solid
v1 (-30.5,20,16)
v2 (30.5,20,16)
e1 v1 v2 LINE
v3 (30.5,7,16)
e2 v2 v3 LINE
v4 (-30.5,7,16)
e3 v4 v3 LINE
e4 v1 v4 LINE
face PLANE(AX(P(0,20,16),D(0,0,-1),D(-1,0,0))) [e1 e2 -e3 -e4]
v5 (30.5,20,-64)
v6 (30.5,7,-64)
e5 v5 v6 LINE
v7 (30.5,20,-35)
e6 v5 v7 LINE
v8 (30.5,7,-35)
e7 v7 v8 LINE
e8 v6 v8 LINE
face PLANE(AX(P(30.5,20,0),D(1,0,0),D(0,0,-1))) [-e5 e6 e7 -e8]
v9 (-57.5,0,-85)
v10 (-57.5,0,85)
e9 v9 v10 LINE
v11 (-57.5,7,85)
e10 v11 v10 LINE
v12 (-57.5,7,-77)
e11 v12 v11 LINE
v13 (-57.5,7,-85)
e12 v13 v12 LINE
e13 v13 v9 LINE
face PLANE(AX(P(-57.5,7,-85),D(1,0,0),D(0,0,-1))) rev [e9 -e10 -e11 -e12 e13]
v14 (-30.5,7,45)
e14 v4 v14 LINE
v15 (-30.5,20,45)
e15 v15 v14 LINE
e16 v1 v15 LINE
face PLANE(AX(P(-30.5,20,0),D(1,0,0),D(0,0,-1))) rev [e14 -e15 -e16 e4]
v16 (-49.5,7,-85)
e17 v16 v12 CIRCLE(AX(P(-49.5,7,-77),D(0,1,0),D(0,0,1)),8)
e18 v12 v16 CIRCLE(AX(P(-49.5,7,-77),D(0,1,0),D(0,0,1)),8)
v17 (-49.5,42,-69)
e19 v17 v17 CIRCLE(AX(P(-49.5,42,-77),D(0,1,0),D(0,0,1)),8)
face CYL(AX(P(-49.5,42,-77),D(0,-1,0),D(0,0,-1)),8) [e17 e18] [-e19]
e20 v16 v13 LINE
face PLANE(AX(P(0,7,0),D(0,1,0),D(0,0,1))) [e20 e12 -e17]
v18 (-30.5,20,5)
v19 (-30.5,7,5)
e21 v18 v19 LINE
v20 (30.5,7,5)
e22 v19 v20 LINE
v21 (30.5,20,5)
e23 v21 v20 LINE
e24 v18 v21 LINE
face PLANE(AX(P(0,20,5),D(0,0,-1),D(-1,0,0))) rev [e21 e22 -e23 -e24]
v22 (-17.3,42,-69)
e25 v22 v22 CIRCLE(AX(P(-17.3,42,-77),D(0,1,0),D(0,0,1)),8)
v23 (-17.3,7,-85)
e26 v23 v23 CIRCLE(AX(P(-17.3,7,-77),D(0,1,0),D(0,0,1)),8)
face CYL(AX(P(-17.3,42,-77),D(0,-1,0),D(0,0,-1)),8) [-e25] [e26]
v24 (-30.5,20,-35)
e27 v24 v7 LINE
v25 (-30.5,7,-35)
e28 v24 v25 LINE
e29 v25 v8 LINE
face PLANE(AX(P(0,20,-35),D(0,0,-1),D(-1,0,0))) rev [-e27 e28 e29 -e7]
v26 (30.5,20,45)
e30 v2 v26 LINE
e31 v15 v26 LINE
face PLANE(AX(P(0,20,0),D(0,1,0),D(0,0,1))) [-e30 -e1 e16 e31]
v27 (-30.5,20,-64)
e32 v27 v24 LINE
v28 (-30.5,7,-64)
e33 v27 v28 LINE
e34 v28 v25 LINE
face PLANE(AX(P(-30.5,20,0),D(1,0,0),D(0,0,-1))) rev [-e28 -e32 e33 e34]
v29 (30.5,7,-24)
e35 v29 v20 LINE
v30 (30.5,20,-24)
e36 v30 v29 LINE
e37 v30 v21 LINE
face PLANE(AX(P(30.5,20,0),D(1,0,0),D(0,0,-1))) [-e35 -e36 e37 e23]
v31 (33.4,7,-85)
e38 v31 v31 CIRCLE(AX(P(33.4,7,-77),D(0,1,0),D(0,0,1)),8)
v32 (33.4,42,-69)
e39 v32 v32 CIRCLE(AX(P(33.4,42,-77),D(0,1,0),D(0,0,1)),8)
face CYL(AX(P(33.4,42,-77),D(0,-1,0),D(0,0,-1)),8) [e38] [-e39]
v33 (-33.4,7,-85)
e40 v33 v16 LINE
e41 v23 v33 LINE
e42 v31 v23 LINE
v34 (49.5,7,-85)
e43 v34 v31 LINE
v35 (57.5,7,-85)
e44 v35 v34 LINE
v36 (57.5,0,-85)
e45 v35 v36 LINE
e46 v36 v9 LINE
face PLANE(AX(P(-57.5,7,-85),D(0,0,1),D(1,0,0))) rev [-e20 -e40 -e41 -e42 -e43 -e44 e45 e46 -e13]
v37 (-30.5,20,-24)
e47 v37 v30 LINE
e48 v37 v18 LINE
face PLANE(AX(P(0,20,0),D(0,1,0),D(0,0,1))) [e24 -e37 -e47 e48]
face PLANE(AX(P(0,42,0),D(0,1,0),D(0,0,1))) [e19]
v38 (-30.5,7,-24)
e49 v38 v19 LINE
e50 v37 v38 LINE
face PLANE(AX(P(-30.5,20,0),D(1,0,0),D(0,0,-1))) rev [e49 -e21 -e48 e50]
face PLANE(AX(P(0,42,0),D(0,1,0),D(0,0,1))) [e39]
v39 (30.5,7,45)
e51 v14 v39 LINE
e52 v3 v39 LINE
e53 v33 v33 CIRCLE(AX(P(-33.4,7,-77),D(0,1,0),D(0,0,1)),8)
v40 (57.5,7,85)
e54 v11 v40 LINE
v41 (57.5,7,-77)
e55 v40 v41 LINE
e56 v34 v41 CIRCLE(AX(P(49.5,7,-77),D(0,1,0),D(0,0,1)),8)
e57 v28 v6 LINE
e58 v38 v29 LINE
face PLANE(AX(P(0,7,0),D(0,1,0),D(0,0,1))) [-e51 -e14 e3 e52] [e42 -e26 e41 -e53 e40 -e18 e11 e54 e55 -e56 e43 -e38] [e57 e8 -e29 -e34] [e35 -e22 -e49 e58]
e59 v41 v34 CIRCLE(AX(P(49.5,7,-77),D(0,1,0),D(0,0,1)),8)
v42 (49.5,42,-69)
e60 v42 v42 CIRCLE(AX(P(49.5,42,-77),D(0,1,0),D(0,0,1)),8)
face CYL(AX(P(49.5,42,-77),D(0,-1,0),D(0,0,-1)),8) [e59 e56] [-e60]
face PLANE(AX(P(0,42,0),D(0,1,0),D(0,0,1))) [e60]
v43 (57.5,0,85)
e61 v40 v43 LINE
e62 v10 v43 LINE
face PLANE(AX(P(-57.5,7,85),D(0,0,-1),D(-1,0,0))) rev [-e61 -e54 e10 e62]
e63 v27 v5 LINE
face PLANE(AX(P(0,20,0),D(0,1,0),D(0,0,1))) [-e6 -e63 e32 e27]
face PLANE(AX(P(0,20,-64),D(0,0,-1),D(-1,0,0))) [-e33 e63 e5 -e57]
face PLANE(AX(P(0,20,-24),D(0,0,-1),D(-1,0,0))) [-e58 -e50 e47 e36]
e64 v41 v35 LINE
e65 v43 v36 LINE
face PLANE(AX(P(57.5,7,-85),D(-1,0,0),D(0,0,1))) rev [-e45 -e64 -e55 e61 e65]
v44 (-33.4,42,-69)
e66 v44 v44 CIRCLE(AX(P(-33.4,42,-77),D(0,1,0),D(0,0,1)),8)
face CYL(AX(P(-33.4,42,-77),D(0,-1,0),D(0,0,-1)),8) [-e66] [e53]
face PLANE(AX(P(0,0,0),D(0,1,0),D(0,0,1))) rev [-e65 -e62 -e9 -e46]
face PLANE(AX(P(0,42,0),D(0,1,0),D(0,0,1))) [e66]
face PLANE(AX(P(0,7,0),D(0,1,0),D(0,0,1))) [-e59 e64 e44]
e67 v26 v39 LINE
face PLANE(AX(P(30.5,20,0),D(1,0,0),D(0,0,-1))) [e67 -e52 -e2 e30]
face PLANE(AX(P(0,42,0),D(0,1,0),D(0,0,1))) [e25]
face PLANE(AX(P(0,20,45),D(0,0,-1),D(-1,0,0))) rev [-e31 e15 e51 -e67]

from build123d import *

# Parameters (mm, degrees)
SKETCH1_W           = 115
SKETCH1_H           = 170
BOSS_EXTRUDE1_DEPTH = 7
SKETCH2_W           = 61
SKETCH2_H           = 29
BOSS_EXTRUDE6_DEPTH = 13
SKETCH2_6_R         = 8
BOSS_EXTRUDE9_DEPTH = 35


with BuildPart() as part:
    # Sketch1 → Boss-Extrude1 (new body)
    with BuildSketch(Plane(origin=(0, 0, 0), x_dir=(1, 0, 0), z_dir=(0, 1, 0))):
        Rectangle(SKETCH1_W, SKETCH1_H)
    extrude(amount=BOSS_EXTRUDE1_DEPTH)

    # Sketch2 → Boss-Extrude6 (add)
    with BuildSketch(Plane(origin=(0, 7, 0), x_dir=(1, 0, 0), z_dir=(0, 1, 0))):
        with Locations((0, 49.5)):
            Rectangle(SKETCH2_W, SKETCH2_H)
        with Locations((0, -30.5)):
            Rectangle(SKETCH2_W, SKETCH2_H)
        with Locations((0, 9.5)):
            Rectangle(SKETCH2_W, SKETCH2_H)
    extrude(amount=BOSS_EXTRUDE6_DEPTH)

    # Sketch2<6> → Boss-Extrude9 (add)
    with BuildSketch(Plane(origin=(0, 7, 0), x_dir=(1, 0, 0), z_dir=(0, 1, 0))):
        with Locations((-49.5, 77)):
            Circle(SKETCH2_6_R)
        with Locations((-33.4, 77)):
            Circle(SKETCH2_6_R)
        with Locations((-17.3, 77)):
            Circle(SKETCH2_6_R)
        with Locations((33.4, 77)):
            Circle(SKETCH2_6_R)
        with Locations((49.5, 77)):
            Circle(SKETCH2_6_R)
    extrude(amount=BOSS_EXTRUDE9_DEPTH)


solid = part.part
